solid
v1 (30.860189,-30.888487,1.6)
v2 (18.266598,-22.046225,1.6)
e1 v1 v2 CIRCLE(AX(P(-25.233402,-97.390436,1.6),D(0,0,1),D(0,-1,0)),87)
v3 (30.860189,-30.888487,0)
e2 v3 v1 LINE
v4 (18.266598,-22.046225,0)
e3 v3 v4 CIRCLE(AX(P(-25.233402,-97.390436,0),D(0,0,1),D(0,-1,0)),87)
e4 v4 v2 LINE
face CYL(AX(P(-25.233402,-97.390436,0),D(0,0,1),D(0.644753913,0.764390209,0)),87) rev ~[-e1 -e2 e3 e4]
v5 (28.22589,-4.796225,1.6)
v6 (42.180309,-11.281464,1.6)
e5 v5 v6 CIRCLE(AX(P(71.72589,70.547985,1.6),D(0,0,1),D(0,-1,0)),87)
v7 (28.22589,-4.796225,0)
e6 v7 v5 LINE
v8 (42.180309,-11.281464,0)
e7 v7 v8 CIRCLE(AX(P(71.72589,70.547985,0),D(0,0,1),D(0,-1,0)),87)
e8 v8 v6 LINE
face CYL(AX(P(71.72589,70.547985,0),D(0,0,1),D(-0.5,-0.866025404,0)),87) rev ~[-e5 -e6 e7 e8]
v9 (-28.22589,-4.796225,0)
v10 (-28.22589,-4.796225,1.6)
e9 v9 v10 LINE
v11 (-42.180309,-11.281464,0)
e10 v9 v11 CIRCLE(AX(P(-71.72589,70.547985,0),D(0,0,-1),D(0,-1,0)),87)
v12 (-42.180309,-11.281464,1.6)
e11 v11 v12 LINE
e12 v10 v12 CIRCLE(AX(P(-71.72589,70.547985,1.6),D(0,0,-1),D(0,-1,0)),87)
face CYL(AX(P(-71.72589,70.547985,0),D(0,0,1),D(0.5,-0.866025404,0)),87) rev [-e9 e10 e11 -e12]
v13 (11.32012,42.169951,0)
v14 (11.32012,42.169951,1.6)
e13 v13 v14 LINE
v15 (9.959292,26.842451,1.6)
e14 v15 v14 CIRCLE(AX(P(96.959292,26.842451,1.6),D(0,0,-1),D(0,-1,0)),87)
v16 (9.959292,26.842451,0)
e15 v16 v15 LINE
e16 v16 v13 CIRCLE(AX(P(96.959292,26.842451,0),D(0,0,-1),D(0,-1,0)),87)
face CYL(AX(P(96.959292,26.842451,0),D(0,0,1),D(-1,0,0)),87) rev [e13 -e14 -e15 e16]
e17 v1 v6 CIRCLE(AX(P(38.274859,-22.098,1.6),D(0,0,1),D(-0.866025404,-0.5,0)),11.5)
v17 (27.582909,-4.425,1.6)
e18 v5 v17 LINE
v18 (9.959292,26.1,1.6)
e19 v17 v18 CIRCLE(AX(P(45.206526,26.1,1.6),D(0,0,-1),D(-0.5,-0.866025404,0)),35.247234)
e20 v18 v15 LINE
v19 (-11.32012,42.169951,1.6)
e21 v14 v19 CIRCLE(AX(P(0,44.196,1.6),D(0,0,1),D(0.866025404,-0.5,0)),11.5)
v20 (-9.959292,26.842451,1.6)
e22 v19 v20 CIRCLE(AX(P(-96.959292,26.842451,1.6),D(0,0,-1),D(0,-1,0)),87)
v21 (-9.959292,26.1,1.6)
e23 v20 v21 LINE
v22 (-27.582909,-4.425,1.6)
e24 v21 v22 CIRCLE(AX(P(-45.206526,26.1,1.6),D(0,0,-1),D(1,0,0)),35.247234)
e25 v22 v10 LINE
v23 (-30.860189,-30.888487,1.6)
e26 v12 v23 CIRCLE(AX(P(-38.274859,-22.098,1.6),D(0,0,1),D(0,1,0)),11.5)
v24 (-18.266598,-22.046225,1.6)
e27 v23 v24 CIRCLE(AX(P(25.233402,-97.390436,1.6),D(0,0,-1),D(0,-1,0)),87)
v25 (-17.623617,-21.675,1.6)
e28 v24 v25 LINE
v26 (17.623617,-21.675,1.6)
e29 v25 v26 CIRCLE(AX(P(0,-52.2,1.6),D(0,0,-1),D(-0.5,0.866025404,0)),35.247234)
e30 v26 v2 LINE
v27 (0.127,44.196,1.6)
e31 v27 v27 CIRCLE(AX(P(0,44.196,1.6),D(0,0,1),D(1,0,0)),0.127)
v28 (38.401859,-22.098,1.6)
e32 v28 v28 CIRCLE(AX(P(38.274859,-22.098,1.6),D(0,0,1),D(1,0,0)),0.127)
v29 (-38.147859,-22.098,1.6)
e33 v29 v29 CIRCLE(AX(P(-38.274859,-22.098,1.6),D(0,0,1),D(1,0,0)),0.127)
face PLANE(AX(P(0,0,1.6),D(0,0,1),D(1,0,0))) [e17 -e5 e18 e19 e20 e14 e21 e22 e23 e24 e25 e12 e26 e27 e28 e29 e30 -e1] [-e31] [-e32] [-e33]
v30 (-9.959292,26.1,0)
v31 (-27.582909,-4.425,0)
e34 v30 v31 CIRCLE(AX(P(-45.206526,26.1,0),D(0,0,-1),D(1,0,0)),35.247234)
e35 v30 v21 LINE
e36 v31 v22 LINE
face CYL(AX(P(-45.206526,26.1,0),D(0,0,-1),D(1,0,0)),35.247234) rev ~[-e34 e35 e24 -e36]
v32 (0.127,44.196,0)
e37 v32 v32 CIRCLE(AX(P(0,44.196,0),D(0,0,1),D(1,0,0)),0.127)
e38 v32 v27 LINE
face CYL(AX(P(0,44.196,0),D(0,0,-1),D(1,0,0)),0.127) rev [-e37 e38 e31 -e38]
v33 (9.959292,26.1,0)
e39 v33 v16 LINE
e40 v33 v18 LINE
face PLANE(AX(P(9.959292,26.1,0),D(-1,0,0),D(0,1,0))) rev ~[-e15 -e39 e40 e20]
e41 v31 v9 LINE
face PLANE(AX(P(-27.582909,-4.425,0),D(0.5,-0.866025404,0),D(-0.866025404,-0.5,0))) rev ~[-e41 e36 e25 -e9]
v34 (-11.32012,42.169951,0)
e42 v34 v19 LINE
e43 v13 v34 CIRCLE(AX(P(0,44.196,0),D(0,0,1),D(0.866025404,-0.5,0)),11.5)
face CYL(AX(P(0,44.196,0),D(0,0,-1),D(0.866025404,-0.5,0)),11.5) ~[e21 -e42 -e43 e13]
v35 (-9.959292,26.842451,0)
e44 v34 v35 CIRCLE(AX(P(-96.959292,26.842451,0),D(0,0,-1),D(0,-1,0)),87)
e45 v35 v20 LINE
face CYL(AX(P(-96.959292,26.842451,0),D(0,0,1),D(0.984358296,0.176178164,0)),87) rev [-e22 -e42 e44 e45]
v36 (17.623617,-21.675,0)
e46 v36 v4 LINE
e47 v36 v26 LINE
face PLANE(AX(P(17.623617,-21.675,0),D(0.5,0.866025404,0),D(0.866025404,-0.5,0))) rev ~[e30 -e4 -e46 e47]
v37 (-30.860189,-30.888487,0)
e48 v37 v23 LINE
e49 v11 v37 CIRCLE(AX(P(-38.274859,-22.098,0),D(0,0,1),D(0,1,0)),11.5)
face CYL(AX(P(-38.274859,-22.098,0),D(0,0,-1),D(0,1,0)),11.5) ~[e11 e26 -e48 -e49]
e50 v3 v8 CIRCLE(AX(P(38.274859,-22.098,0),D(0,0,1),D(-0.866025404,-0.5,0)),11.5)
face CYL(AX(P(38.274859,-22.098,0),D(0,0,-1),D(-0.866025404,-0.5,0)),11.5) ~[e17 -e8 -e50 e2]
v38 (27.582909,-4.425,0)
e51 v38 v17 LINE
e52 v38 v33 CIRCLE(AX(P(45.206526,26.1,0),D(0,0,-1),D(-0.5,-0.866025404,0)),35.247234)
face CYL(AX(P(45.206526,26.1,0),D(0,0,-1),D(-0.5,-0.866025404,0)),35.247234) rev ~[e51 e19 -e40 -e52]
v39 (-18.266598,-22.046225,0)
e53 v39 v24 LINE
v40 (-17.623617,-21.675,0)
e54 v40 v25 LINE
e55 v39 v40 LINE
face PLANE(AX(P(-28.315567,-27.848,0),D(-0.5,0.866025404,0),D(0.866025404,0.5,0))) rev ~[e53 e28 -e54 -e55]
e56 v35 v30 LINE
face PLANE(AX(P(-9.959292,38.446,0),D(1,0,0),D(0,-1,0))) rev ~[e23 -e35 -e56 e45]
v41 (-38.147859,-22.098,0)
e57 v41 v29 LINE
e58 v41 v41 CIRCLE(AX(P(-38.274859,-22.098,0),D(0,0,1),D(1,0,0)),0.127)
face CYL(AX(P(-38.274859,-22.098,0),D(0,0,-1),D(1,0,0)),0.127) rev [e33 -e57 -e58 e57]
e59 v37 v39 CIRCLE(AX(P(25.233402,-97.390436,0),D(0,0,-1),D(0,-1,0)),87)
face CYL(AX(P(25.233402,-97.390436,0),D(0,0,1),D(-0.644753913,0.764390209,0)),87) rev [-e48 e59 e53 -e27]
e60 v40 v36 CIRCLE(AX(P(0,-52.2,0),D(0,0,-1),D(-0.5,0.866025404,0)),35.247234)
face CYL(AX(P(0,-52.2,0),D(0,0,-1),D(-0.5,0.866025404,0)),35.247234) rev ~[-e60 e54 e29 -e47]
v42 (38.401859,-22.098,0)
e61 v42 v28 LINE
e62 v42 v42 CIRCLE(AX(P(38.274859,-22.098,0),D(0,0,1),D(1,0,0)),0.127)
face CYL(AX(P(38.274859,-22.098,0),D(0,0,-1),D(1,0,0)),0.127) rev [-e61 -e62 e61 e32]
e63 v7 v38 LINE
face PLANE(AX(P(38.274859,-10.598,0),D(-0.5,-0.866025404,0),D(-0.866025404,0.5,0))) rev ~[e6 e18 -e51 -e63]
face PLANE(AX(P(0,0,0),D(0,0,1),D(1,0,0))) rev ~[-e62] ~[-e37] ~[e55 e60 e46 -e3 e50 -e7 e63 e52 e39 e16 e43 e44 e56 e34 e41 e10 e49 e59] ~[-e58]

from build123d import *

# Parameters (mm, degrees)
F1_R     = 0.127
F2_DEPTH = 1.6
F3_R     = 87


with BuildPart() as f2:
    # F1 (on Top) → F2 (new body)
    with BuildSketch(Plane.XY):
        with BuildLine():
            Line((9.9592921435, 26.1), (9.9592921435, 38.446))
            ThreePointArc((9.9592921435, 38.446), (0, 55.696), (-9.9592921435, 38.446))
            Line((-9.9592921435, 38.446), (-9.9592921435, 26.1))
            ThreePointArc((-9.9592921435, 26.1), (-14.6815260775, 8.476383033), (-27.5829091105, -4.425))
            Line((-27.5829091105, -4.425), (-38.2748587457, -10.598))
            ThreePointArc((-38.2748587457, -10.598), (-48.2341508892, -27.848), (-28.3155666021, -27.848))
            Line((-28.3155666021, -27.848), (-17.623616967, -21.675))
            ThreePointArc((-17.623616967, -21.675), (0, -16.952766066), (17.623616967, -21.675))
            Line((17.623616967, -21.675), (28.3155666021, -27.848))
            ThreePointArc((28.3155666021, -27.848), (48.2341508892, -27.848), (38.2748587457, -10.598))
            Line((38.2748587457, -10.598), (27.5829091105, -4.425))
            ThreePointArc((27.5829091105, -4.425), (14.6815260775, 8.476383033), (9.9592921435, 26.1))
        make_face()
        with Locations((-38.2748587457, -22.098)):
            Circle(F1_R, mode=Mode.SUBTRACT)
        with Locations((38.2748587457, -22.098)):
            Circle(F1_R, mode=Mode.SUBTRACT)
        with Locations((0, 44.196)):
            Circle(F1_R, mode=Mode.SUBTRACT)
    extrude(amount=F2_DEPTH)

    # F3
    f3_edges = [f2.edges().sort_by_distance(p)[0] for p in [
        (-28.315567, -27.848, 0.8),
        (-38.274859, -10.598, 0.8),
        (28.315567, -27.848, 0.8),
        (38.274859, -10.598, 0.8),
        (9.959292, 38.446, 0.8),
        (-9.959292, 38.446, 0.8),
    ]]
    fillet(f3_edges, radius=F3_R)


solid = f2.part
